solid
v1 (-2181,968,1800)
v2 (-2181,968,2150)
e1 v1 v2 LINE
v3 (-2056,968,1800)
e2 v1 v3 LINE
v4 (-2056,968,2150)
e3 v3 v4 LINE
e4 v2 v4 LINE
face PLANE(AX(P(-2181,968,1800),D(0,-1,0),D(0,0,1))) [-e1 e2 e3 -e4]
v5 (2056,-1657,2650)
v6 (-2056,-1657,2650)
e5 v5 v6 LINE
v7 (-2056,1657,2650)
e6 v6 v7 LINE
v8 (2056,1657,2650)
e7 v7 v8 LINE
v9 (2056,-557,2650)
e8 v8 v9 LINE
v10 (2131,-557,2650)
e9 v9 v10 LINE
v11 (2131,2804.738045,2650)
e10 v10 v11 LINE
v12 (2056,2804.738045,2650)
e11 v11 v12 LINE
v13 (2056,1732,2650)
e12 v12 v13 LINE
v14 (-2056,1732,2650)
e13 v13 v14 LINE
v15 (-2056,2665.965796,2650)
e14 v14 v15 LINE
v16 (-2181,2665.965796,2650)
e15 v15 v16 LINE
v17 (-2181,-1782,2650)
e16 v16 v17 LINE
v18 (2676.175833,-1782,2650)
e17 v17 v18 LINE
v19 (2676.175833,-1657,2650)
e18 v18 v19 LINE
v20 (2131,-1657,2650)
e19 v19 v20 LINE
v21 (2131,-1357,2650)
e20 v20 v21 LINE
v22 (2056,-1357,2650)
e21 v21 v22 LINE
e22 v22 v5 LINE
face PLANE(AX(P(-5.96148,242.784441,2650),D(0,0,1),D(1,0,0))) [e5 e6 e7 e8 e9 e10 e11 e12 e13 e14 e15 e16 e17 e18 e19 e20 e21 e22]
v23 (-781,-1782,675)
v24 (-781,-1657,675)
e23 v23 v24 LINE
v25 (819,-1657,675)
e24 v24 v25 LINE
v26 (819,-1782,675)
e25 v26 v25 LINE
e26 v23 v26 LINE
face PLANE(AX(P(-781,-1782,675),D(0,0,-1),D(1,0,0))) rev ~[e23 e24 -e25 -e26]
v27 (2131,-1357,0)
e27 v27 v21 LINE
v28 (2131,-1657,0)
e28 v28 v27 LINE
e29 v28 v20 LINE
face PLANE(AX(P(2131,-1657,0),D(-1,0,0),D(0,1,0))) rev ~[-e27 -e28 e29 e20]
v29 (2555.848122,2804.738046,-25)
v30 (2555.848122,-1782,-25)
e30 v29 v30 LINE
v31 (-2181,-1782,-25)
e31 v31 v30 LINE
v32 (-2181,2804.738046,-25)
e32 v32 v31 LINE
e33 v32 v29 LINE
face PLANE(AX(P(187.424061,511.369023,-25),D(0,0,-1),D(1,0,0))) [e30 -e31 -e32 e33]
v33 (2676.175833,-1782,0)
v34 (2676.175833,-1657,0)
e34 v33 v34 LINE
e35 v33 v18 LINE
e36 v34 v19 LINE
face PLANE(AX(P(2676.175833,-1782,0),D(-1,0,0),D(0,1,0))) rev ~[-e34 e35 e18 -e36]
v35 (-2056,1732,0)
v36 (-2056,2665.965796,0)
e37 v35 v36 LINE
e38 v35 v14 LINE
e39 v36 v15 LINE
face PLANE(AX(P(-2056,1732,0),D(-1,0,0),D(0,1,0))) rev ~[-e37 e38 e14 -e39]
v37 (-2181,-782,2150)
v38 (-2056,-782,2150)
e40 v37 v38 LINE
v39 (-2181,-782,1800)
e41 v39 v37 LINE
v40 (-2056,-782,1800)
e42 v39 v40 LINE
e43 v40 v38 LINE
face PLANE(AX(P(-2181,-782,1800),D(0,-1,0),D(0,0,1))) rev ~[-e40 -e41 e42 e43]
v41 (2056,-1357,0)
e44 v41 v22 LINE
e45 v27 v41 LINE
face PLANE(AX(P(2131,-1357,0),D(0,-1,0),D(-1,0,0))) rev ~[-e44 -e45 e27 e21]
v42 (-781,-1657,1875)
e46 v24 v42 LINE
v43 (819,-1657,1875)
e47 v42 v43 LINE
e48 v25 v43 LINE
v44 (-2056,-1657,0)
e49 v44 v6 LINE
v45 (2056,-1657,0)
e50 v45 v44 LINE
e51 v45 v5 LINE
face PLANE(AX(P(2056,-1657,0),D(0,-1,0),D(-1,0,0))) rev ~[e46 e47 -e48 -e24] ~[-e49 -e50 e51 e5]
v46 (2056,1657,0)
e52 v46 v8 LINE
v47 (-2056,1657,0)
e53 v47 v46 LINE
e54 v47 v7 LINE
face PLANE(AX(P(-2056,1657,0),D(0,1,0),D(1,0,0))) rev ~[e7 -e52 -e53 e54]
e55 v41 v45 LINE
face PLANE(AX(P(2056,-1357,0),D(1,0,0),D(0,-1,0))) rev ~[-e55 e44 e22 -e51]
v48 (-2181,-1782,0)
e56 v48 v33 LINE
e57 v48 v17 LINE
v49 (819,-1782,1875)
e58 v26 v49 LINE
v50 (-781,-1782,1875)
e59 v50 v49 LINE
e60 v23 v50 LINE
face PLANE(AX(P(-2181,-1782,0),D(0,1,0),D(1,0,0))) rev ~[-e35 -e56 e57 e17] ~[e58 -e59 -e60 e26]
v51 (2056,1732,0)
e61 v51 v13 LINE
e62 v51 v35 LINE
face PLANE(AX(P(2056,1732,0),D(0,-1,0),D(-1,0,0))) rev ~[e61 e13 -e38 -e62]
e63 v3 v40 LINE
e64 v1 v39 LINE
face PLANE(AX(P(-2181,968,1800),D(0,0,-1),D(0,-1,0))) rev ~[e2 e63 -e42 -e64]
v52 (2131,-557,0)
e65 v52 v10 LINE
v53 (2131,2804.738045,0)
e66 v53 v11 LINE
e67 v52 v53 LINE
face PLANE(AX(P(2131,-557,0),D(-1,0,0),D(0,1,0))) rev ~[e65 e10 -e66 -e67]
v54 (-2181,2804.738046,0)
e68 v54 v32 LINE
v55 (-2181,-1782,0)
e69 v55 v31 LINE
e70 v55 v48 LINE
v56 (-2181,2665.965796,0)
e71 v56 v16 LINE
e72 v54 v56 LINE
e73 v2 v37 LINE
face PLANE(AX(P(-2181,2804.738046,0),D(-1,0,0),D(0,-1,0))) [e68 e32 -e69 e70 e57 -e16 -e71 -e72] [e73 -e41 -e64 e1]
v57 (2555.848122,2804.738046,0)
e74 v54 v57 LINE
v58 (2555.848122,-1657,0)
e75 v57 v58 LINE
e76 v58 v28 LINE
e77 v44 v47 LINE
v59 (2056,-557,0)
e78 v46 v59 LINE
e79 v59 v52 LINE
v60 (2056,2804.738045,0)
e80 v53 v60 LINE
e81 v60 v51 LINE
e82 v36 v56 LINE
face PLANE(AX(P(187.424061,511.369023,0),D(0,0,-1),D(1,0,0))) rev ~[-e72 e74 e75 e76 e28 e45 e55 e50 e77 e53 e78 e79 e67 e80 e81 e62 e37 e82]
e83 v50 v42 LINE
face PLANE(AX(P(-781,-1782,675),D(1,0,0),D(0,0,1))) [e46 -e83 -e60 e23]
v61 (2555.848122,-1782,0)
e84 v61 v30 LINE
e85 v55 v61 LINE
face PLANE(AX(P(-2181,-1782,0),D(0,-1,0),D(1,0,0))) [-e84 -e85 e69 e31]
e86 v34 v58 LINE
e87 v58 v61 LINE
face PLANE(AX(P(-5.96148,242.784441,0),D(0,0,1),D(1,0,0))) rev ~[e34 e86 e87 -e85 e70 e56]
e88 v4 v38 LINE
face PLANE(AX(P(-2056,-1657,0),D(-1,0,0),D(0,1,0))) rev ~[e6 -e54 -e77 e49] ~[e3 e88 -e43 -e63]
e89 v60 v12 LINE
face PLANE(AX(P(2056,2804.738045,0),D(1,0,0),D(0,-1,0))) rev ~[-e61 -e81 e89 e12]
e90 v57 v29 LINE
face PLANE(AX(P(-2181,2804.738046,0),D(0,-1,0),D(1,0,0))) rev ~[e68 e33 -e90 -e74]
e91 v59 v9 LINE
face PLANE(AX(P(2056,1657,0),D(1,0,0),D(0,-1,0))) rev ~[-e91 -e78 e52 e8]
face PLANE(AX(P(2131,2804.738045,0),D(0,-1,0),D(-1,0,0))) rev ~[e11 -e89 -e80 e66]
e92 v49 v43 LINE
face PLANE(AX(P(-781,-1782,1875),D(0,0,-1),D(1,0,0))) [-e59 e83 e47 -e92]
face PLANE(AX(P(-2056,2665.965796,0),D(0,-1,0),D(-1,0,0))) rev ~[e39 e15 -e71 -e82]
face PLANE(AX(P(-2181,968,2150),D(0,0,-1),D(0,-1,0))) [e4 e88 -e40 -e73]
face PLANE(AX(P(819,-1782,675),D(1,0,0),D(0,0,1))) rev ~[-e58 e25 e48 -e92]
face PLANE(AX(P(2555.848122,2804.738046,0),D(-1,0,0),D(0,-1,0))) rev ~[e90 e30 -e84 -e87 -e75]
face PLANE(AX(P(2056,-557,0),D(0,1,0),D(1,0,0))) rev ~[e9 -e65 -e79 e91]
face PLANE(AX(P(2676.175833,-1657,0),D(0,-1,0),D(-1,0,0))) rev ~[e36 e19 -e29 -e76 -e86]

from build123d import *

# Parameters (mm, degrees)
F1_DEPTH = 2650
F2_W     = 4736.848122
F2_H     = 4586.738045
F3_DEPTH = 25
F4_W     = 1600
F4_H     = 1200
F5_DEPTH = 125
F6_W     = 1750
F6_H     = 350
F7_DEPTH = 125


with BuildPart() as f1:
    # F0 (on Top) → F1 (new body)
    with BuildSketch(Plane.XY):
        Polygon((2056, -1357), (2056, -1657), (-2056, -1657), (-2056, 1657), (2056, 1657), (2056, -557), (2131, -557), (2131, 2804.738045), (2056, 2804.738045), (2056, 1732), (-2056, 1732), (-2056, 2665.965796), (-2181, 2665.965796), (-2181, -1657), (-2181, -1782), (2676.175833, -1782), (2676.175833, -1657), (2131, -1657), (2131, -1357), align=None)
    extrude(amount=F1_DEPTH)

    # F2 (on face) → F3 (join)
    with BuildSketch(Plane(origin=(0, 0, 0), x_dir=(1, 0, 0), z_dir=(0, 0, -1))):
        with Locations((187.424061, -511.369023)):
            Rectangle(F2_W, F2_H)
    extrude(amount=F3_DEPTH)

    # F4 (on face) → F5 (cut, through all)
    with BuildSketch(Plane.XZ.offset(1782)):
        with Locations((19, 1275)):
            Rectangle(F4_W, F4_H)
    extrude(amount=-F5_DEPTH, mode=Mode.SUBTRACT)

    # F6 (on face) → F7 (cut, through all)
    with BuildSketch(Plane(origin=(-2181, 0, 0), x_dir=(0, -1, 0), z_dir=(-1, 0, 0))):
        with Locations((-93, 1975)):
            Rectangle(F6_W, F6_H)
    extrude(amount=-F7_DEPTH, mode=Mode.SUBTRACT)


solid = f1.part
